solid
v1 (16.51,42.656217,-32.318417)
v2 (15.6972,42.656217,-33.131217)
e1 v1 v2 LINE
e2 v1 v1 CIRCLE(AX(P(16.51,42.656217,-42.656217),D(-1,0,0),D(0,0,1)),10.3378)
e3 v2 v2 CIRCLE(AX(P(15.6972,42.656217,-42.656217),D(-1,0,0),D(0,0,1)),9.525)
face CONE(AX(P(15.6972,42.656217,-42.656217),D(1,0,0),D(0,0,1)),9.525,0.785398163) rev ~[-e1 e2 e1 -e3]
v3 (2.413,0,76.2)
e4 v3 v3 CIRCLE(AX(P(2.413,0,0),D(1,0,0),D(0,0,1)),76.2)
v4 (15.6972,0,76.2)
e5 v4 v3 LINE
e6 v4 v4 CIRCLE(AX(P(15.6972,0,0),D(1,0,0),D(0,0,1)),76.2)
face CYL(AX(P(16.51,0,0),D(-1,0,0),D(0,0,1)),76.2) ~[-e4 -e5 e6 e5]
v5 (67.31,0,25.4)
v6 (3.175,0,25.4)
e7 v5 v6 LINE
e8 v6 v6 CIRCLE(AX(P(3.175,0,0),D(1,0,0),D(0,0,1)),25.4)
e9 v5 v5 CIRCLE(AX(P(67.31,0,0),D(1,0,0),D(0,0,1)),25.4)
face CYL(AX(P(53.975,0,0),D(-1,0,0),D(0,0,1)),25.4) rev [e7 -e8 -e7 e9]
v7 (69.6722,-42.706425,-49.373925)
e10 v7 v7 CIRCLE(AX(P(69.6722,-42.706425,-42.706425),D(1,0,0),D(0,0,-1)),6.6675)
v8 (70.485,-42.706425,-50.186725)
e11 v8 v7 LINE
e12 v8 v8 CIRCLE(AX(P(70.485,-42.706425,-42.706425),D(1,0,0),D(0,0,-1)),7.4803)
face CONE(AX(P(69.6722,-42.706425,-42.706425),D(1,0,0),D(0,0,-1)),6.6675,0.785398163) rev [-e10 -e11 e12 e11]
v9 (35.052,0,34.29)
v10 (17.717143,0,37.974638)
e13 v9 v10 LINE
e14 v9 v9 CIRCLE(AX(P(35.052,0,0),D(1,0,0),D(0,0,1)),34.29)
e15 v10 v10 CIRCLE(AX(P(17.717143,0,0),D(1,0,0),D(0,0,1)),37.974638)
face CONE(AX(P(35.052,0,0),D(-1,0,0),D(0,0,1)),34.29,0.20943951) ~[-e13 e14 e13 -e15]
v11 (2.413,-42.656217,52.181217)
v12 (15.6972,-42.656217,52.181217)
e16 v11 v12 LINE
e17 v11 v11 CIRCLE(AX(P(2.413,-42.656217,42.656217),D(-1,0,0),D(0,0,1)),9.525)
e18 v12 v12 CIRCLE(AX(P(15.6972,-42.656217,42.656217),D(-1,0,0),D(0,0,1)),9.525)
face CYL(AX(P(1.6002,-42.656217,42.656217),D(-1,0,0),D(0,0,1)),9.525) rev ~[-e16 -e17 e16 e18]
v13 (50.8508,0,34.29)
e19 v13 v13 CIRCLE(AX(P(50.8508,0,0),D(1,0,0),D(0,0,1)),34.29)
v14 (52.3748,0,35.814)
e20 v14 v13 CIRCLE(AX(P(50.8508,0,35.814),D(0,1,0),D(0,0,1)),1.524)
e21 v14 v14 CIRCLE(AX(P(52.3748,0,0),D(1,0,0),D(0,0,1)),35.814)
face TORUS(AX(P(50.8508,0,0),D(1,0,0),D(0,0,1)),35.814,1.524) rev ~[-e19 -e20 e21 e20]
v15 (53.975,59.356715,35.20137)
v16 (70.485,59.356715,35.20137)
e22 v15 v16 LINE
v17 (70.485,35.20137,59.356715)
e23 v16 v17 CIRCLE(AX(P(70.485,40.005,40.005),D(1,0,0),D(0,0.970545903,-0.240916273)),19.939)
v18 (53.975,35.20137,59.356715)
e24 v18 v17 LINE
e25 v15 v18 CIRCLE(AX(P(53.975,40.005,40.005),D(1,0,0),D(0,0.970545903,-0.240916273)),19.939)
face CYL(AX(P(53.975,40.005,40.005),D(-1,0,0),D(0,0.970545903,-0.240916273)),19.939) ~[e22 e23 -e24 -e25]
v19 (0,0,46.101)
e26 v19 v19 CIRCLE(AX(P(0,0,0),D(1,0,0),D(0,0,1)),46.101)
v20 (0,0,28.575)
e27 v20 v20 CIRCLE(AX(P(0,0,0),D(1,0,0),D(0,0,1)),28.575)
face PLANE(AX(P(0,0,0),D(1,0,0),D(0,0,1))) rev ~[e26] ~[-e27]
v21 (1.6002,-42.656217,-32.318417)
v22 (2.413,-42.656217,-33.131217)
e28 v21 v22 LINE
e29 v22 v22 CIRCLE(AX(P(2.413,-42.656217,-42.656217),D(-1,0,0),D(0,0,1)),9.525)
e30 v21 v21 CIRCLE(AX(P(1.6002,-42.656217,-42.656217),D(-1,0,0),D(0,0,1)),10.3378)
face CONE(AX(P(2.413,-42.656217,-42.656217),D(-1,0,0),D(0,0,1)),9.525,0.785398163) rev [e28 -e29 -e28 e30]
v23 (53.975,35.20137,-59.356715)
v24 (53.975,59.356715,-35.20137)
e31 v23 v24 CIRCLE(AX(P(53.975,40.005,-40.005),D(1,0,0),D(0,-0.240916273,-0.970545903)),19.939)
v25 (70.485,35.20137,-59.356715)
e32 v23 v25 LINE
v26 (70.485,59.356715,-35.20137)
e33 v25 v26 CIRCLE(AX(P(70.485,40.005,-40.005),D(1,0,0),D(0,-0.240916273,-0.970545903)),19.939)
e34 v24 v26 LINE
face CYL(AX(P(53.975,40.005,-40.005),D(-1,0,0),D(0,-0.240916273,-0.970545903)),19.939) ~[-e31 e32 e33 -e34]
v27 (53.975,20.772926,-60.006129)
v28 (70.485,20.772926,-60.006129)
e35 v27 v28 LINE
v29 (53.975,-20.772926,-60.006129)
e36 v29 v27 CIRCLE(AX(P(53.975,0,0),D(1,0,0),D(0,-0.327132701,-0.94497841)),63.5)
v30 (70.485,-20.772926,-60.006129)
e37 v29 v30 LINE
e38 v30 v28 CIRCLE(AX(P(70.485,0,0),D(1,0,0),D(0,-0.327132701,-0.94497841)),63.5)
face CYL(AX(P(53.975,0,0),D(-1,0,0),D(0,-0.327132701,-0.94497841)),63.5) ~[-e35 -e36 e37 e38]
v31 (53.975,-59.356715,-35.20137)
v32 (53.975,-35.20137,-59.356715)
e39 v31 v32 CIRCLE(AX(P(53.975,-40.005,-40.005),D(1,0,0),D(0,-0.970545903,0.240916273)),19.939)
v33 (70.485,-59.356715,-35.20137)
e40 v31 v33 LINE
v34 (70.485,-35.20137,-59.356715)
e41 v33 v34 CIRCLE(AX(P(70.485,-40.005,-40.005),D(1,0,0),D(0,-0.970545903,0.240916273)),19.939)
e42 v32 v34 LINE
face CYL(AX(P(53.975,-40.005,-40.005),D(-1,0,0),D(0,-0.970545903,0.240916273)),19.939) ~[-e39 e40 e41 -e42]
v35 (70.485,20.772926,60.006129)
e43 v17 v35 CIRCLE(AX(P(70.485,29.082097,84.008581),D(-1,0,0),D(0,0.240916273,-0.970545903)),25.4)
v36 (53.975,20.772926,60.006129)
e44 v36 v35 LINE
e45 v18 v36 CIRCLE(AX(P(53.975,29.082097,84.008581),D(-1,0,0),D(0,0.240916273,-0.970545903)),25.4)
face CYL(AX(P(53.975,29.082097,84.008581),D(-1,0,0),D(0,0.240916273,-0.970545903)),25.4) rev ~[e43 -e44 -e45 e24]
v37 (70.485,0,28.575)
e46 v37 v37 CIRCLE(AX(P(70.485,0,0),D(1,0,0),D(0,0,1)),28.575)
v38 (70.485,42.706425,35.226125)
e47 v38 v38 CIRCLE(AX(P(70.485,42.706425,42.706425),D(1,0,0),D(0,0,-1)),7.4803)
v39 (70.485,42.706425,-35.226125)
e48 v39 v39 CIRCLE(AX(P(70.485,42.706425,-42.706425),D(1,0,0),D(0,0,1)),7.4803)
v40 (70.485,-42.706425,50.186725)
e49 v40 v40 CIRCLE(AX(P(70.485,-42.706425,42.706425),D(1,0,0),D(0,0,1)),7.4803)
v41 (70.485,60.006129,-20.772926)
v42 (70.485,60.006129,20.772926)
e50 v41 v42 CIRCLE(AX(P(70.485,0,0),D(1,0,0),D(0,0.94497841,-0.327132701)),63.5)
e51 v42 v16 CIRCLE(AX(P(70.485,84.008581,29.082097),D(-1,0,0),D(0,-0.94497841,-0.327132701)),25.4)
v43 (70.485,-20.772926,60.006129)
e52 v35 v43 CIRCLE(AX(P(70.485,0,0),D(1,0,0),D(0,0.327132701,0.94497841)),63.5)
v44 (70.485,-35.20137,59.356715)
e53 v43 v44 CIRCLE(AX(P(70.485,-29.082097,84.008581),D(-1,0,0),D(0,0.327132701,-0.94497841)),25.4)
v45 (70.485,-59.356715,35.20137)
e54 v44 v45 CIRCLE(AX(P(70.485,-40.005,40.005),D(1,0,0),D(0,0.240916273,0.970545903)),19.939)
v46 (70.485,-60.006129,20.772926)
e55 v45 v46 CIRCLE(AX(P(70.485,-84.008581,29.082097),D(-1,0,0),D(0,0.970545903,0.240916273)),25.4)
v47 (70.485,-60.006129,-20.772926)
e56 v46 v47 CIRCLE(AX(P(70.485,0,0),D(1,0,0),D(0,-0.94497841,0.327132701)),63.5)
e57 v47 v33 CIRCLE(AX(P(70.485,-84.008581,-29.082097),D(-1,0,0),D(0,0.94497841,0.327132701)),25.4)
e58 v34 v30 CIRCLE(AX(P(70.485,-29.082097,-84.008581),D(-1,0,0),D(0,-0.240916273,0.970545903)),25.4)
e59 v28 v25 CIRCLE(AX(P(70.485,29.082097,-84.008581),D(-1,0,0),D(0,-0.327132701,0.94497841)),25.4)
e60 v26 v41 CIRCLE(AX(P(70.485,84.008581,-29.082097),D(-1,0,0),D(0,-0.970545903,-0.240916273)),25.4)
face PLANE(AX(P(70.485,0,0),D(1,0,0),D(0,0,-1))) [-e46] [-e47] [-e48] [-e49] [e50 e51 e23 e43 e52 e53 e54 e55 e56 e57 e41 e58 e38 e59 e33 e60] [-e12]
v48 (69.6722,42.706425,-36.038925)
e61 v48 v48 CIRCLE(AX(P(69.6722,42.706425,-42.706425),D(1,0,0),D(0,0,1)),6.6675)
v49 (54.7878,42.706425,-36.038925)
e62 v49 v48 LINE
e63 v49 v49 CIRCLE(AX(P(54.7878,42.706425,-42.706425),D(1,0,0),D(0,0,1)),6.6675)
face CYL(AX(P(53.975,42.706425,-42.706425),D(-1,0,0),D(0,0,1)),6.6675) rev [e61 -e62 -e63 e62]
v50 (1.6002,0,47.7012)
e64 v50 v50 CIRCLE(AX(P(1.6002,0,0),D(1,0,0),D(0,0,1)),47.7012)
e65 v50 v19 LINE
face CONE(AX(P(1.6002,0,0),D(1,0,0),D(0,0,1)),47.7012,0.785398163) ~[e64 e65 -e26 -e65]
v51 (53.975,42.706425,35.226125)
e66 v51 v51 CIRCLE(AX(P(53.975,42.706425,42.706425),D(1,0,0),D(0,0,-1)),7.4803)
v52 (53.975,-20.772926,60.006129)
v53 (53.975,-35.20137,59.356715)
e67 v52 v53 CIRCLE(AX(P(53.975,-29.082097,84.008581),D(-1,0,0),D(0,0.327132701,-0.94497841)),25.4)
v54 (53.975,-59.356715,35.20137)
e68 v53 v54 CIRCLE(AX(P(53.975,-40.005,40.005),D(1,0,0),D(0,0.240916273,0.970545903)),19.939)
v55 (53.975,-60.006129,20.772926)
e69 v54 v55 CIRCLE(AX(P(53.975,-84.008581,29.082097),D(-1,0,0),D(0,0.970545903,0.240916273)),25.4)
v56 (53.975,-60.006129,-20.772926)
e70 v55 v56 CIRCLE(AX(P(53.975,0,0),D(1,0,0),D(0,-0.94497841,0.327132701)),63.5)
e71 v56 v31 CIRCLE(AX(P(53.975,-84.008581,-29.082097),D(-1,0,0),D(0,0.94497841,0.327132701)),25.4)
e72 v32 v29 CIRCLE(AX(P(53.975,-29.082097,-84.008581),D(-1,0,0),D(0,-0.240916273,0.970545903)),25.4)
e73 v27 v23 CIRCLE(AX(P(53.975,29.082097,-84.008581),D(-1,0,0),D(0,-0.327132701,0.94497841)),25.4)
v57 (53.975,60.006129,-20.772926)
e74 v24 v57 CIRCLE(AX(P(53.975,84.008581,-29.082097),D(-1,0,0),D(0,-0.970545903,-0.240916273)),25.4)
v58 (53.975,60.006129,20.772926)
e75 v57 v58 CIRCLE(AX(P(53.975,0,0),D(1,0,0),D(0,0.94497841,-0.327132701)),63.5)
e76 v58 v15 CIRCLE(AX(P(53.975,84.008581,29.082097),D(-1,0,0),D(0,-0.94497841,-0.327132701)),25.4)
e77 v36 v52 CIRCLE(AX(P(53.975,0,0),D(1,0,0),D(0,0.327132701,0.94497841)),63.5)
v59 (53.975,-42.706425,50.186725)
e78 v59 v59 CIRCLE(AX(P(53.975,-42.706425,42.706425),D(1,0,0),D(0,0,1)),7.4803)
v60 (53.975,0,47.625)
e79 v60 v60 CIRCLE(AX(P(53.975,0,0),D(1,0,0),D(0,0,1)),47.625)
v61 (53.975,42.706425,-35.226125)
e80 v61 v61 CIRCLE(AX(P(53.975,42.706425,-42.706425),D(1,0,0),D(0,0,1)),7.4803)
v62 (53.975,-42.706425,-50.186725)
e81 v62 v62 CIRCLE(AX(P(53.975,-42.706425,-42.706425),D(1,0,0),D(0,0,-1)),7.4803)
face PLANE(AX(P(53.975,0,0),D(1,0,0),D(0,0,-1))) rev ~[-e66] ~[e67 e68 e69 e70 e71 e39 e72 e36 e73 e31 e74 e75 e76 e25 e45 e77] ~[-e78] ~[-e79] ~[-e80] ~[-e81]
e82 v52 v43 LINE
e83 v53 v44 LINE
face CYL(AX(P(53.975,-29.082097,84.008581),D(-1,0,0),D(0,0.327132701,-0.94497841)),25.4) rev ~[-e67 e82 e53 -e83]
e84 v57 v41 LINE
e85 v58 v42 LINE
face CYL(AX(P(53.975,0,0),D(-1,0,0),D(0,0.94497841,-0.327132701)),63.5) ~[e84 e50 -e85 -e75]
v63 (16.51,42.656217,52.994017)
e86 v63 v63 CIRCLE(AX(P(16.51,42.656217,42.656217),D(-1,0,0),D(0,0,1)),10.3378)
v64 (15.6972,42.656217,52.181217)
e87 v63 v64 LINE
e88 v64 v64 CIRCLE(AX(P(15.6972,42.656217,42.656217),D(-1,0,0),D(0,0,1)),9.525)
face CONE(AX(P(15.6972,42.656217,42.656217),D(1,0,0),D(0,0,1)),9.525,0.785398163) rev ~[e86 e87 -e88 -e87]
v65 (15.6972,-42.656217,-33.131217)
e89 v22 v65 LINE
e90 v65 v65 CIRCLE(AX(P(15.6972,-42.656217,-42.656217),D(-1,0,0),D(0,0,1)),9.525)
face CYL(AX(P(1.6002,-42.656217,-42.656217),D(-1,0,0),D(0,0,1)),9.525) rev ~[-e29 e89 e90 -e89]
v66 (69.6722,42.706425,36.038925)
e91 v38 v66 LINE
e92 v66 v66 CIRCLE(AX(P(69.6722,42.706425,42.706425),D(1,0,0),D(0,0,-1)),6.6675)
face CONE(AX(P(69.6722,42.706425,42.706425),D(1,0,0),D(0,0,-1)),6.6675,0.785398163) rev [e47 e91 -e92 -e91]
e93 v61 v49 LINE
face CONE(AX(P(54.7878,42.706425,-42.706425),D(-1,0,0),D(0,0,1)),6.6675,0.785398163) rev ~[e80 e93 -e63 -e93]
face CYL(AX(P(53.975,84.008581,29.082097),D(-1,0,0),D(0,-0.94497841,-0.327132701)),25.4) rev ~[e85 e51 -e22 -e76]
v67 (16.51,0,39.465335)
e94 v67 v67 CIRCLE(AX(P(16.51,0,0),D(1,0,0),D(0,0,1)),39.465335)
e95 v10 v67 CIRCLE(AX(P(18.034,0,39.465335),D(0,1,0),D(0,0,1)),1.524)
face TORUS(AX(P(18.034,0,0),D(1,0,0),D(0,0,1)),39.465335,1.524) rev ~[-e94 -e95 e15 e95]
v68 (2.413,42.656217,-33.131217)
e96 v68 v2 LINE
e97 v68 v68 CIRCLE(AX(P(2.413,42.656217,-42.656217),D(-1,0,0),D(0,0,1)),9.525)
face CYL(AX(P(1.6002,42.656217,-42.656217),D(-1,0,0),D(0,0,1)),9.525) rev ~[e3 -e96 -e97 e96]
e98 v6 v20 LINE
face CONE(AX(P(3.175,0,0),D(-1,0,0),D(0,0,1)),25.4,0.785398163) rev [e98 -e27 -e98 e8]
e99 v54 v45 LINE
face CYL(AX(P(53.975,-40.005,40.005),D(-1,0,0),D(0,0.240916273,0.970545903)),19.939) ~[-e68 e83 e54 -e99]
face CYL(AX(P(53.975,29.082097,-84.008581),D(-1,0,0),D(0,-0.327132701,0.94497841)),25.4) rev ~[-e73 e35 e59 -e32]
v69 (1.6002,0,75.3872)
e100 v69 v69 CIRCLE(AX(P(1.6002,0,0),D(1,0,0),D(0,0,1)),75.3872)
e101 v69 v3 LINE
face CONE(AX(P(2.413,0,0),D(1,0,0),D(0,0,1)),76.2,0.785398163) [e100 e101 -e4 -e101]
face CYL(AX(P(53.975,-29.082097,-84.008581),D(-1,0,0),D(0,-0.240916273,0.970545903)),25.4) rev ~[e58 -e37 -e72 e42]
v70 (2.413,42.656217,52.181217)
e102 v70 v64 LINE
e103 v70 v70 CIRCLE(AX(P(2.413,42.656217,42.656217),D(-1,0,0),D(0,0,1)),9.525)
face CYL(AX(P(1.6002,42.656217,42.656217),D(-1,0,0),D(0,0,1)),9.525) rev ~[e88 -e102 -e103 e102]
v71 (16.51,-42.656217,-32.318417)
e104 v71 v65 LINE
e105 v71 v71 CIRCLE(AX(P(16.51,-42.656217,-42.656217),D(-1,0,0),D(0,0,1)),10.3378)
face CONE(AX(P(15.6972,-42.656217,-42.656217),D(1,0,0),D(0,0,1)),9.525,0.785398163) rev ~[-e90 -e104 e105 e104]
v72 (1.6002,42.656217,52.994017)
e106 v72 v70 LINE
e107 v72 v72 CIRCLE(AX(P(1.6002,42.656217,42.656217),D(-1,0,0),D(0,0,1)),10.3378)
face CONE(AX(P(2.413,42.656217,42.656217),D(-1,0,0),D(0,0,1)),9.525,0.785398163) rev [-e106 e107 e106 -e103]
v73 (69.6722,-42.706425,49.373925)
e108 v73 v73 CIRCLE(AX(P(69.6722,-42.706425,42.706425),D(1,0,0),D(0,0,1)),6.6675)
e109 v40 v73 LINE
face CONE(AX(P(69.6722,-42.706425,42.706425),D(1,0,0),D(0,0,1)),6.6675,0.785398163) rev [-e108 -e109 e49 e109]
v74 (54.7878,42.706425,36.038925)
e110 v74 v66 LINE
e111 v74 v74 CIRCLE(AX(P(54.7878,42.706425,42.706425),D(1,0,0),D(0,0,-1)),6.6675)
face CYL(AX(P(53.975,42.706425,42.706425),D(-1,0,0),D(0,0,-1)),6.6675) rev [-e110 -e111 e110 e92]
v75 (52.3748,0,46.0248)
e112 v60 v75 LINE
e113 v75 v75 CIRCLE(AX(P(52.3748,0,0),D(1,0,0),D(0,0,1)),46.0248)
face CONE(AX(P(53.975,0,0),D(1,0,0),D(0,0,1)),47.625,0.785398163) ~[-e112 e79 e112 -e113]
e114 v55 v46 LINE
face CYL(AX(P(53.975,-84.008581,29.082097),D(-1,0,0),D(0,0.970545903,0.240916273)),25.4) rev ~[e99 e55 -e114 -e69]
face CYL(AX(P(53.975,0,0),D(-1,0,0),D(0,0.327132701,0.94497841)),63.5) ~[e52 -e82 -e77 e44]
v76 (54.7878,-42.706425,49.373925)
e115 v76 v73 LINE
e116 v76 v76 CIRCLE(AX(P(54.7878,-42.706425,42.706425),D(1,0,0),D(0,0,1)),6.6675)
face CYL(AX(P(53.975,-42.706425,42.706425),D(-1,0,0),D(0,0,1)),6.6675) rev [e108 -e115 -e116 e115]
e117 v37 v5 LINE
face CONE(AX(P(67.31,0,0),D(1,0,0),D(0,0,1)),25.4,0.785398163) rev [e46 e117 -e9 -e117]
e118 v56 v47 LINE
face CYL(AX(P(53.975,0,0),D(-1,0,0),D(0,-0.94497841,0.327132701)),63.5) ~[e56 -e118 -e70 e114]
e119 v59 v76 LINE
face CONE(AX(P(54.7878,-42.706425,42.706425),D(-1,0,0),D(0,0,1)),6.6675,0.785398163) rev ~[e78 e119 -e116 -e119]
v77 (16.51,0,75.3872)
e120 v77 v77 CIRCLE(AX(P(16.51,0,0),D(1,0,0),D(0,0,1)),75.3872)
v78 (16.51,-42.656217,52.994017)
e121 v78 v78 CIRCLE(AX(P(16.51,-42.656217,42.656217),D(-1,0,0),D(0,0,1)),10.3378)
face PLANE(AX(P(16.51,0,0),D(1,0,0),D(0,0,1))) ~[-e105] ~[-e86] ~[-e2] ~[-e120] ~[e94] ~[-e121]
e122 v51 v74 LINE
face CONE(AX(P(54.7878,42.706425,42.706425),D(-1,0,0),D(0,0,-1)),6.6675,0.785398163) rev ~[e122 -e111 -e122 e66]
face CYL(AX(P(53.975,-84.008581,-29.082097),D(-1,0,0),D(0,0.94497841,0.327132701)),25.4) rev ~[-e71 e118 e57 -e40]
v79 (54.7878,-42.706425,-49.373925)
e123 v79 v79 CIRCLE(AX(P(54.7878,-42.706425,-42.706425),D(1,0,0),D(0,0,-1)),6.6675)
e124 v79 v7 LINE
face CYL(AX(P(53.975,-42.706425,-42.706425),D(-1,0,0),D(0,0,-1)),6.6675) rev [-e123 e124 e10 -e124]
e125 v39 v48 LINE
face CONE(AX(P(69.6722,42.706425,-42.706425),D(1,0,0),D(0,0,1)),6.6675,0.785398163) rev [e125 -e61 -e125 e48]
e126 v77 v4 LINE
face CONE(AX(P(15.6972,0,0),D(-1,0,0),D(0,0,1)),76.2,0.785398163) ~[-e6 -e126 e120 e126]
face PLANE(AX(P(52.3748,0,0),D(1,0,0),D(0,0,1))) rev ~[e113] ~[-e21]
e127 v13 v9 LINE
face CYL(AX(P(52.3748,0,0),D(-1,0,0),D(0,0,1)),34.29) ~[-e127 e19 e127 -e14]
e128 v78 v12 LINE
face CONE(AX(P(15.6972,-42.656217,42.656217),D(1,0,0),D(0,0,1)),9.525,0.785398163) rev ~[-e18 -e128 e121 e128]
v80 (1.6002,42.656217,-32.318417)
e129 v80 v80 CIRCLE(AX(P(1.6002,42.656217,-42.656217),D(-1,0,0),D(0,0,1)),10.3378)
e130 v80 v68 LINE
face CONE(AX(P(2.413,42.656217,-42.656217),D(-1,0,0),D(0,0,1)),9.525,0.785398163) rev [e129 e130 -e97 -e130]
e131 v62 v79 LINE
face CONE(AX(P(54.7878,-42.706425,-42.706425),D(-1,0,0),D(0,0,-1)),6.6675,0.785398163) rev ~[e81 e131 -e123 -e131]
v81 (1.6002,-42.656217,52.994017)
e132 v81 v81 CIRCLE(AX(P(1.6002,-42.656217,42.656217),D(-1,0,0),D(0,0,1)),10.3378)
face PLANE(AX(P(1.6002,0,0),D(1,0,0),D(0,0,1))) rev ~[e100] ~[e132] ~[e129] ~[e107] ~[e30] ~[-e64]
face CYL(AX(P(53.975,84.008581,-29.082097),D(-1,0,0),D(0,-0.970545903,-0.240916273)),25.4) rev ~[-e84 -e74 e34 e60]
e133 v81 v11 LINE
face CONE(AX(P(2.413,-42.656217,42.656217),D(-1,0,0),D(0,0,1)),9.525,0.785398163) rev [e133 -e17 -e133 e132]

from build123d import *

# Parameters (mm, degrees)
SKETCH2_R           = 6.6675
SKETCH2_R_2         = 25.4
BOSS_EXTRUDE2_DEPTH = 16.51
CUT_EXTRUDE1_REACH  = 129.898
SKETCH3_R           = 9.525
CHAMFER1_SIZE       = 0.8128
CHAMFER2_SIZE       = 3.175
FILLET1_R           = 1.524


with BuildPart() as part:
    # Sketch1 → Revolve1 (revolve)
    with BuildSketch(Plane.XY, mode=Mode.PRIVATE) as revolve1_sk:
        Polygon((0, 25.4), (53.975, 25.4), (53.975, 47.625), (52.3748, 46.0248), (52.3748, 34.29), (35.052, 34.29), (16.51, 38.231223766), (16.51, 76.2), (1.6002, 76.2), (1.6002, 47.7012), (0, 46.101), align=None)
    revolve(revolve1_sk.sketch.rotate(Axis((0, 0, 0), (1, 0, 0)), 90), axis=Axis((0, 0, 0), (1, 0, 0)))

    # Sketch2 → Boss-Extrude2 (add)
    with BuildSketch(Plane(origin=(53.975, 0, 0), x_dir=(0, 0, -1), z_dir=(1, 0, 0))):
        with BuildLine():
            ThreePointArc((-60.006129061, 20.772926495), (-63.5, 0), (-60.006129061, -20.772926495))
            ThreePointArc((-60.006129061, -20.772926495), (-58.634269802, -27.940016869), (-59.356714755, -35.20137043))
            ThreePointArc((-59.356714755, -35.20137043), (-54.10400211, -54.10400211), (-35.20137043, -59.356714755))
            ThreePointArc((-35.20137043, -59.356714755), (-27.940016869, -58.634269802), (-20.772926495, -60.006129061))
            ThreePointArc((-20.772926495, -60.006129061), (0, -63.5), (20.772926495, -60.006129061))
            ThreePointArc((20.772926495, -60.006129061), (27.940016869, -58.634269802), (35.20137043, -59.356714755))
            ThreePointArc((35.20137043, -59.356714755), (54.10400211, -54.10400211), (59.356714755, -35.20137043))
            ThreePointArc((59.356714755, -35.20137043), (58.634269802, -27.940016869), (60.006129061, -20.772926495))
            ThreePointArc((60.006129061, -20.772926495), (63.5, 0), (60.006129061, 20.772926495))
            ThreePointArc((60.006129061, 20.772926495), (58.634269802, 27.940016869), (59.356714755, 35.20137043))
            ThreePointArc((59.356714755, 35.20137043), (54.10400211, 54.10400211), (35.20137043, 59.356714755))
            ThreePointArc((35.20137043, 59.356714755), (27.940016869, 58.634269802), (20.772926495, 60.006129061))
            ThreePointArc((20.772926495, 60.006129061), (0, 63.5), (-20.772926495, 60.006129061))
            ThreePointArc((-20.772926495, 60.006129061), (-27.940016869, 58.634269802), (-35.20137043, 59.356714755))
            ThreePointArc((-35.20137043, 59.356714755), (-54.10400211, 54.10400211), (-59.356714755, 35.20137043))
            ThreePointArc((-59.356714755, 35.20137043), (-58.634269802, 27.940016869), (-60.006129061, 20.772926495))
        make_face()
        with Locations((-42.706424702, 42.706424702)):
            Circle(SKETCH2_R, mode=Mode.SUBTRACT)
        with Locations(Location((42.706424702, 42.706424702, 0), (0, 0, 180))):
            Circle(SKETCH2_R, mode=Mode.SUBTRACT)
        with Locations((42.706424702, -42.706424702)):
            Circle(SKETCH2_R, mode=Mode.SUBTRACT)
        with Locations(Location((-42.706424702, -42.706424702, 0), (0, 0, 180))):
            Circle(SKETCH2_R, mode=Mode.SUBTRACT)
        with Locations(Location((0, 0, 0), (0, 0, 180))):
            Circle(SKETCH2_R_2, mode=Mode.SUBTRACT)
    extrude(amount=BOSS_EXTRUDE2_DEPTH)

    # Sketch3 → Cut-Extrude1 (cut, up to next)
    with BuildSketch(Plane.ZY.offset(-1.6002), mode=Mode.PRIVATE) as cut_extrude1_sk1:
        with Locations((42.656216575, 42.656216575)):
            Circle(SKETCH3_R)
    cut_extrude1_tool1 = extrude(cut_extrude1_sk1.sketch, amount=-CUT_EXTRUDE1_REACH, mode=Mode.PRIVATE) & part.part
    # Sketch3 → Cut-Extrude1 (cut, up to next)
    with BuildSketch(Plane.ZY.offset(-1.6002), mode=Mode.PRIVATE) as cut_extrude1_sk2:
        with Locations((-42.656216575, 42.656216575)):
            Circle(SKETCH3_R)
    cut_extrude1_tool2 = extrude(cut_extrude1_sk2.sketch, amount=-CUT_EXTRUDE1_REACH, mode=Mode.PRIVATE) & part.part
    # Sketch3 → Cut-Extrude1 (cut, up to next)
    with BuildSketch(Plane.ZY.offset(-1.6002), mode=Mode.PRIVATE) as cut_extrude1_sk3:
        with Locations((42.656216575, -42.656216575)):
            Circle(SKETCH3_R)
    cut_extrude1_tool3 = extrude(cut_extrude1_sk3.sketch, amount=-CUT_EXTRUDE1_REACH, mode=Mode.PRIVATE) & part.part
    # Sketch3 → Cut-Extrude1 (cut, up to next)
    with BuildSketch(Plane.ZY.offset(-1.6002), mode=Mode.PRIVATE) as cut_extrude1_sk4:
        with Locations((-42.656216575, -42.656216575)):
            Circle(SKETCH3_R)
    cut_extrude1_tool4 = extrude(cut_extrude1_sk4.sketch, amount=-CUT_EXTRUDE1_REACH, mode=Mode.PRIVATE) & part.part
    add(cut_extrude1_tool1.solids().sort_by_distance((1.6002, 42.656217, 42.656217))[0], mode=Mode.SUBTRACT)
    add(cut_extrude1_tool2.solids().sort_by_distance((1.6002, 42.656217, -42.656217))[0], mode=Mode.SUBTRACT)
    add(cut_extrude1_tool3.solids().sort_by_distance((1.6002, -42.656217, 42.656217))[0], mode=Mode.SUBTRACT)
    add(cut_extrude1_tool4.solids().sort_by_distance((1.6002, -42.656217, -42.656217))[0], mode=Mode.SUBTRACT)

    # Chamfer1
    chamfer1_edges = [part.edges().sort_by_distance(p)[0] for p in [
        (53.975, -42.706424702, 36.038924702),
        (53.975, 42.706424702, -49.373924702),
        (53.975, 42.706424702, 49.373924702),
        (53.975, -42.706424702, -36.038924702),
        (70.485, 42.706424702, 49.373924702),
        (70.485, 42.706424702, -49.373924702),
        (70.485, -42.706424702, -36.038924702),
        (70.485, -42.706424702, 36.038924702),
        (1.6002, 42.656216575, 33.131216575),
        (16.51, 42.656216575, 33.131216575),
        (1.6002, 42.656216575, -52.181216575),
        (16.51, 42.656216575, -52.181216575),
        (1.6002, -42.656216575, 33.131216575),
        (16.51, -42.656216575, 33.131216575),
        (1.6002, -42.656216575, -52.181216575),
        (16.51, -42.656216575, -52.181216575),
        (1.6002, 0, -76.2),
        (16.51, 0, -76.2),
    ]]
    chamfer(chamfer1_edges, length=CHAMFER1_SIZE)

    # Chamfer2
    chamfer2_edges = [part.edges().sort_by_distance(p)[0] for p in [
        (0, 0, -25.4),
        (70.485, 0, -25.4),
    ]]
    chamfer(chamfer2_edges, length=CHAMFER2_SIZE)

    # Fillet1
    fillet1_edges = [part.edges().sort_by_distance(p)[0] for p in [
        (52.3748, 0, -34.29),
        (16.51, 0, -38.231223766),
    ]]
    fillet(fillet1_edges, radius=FILLET1_R)


solid = part.part
